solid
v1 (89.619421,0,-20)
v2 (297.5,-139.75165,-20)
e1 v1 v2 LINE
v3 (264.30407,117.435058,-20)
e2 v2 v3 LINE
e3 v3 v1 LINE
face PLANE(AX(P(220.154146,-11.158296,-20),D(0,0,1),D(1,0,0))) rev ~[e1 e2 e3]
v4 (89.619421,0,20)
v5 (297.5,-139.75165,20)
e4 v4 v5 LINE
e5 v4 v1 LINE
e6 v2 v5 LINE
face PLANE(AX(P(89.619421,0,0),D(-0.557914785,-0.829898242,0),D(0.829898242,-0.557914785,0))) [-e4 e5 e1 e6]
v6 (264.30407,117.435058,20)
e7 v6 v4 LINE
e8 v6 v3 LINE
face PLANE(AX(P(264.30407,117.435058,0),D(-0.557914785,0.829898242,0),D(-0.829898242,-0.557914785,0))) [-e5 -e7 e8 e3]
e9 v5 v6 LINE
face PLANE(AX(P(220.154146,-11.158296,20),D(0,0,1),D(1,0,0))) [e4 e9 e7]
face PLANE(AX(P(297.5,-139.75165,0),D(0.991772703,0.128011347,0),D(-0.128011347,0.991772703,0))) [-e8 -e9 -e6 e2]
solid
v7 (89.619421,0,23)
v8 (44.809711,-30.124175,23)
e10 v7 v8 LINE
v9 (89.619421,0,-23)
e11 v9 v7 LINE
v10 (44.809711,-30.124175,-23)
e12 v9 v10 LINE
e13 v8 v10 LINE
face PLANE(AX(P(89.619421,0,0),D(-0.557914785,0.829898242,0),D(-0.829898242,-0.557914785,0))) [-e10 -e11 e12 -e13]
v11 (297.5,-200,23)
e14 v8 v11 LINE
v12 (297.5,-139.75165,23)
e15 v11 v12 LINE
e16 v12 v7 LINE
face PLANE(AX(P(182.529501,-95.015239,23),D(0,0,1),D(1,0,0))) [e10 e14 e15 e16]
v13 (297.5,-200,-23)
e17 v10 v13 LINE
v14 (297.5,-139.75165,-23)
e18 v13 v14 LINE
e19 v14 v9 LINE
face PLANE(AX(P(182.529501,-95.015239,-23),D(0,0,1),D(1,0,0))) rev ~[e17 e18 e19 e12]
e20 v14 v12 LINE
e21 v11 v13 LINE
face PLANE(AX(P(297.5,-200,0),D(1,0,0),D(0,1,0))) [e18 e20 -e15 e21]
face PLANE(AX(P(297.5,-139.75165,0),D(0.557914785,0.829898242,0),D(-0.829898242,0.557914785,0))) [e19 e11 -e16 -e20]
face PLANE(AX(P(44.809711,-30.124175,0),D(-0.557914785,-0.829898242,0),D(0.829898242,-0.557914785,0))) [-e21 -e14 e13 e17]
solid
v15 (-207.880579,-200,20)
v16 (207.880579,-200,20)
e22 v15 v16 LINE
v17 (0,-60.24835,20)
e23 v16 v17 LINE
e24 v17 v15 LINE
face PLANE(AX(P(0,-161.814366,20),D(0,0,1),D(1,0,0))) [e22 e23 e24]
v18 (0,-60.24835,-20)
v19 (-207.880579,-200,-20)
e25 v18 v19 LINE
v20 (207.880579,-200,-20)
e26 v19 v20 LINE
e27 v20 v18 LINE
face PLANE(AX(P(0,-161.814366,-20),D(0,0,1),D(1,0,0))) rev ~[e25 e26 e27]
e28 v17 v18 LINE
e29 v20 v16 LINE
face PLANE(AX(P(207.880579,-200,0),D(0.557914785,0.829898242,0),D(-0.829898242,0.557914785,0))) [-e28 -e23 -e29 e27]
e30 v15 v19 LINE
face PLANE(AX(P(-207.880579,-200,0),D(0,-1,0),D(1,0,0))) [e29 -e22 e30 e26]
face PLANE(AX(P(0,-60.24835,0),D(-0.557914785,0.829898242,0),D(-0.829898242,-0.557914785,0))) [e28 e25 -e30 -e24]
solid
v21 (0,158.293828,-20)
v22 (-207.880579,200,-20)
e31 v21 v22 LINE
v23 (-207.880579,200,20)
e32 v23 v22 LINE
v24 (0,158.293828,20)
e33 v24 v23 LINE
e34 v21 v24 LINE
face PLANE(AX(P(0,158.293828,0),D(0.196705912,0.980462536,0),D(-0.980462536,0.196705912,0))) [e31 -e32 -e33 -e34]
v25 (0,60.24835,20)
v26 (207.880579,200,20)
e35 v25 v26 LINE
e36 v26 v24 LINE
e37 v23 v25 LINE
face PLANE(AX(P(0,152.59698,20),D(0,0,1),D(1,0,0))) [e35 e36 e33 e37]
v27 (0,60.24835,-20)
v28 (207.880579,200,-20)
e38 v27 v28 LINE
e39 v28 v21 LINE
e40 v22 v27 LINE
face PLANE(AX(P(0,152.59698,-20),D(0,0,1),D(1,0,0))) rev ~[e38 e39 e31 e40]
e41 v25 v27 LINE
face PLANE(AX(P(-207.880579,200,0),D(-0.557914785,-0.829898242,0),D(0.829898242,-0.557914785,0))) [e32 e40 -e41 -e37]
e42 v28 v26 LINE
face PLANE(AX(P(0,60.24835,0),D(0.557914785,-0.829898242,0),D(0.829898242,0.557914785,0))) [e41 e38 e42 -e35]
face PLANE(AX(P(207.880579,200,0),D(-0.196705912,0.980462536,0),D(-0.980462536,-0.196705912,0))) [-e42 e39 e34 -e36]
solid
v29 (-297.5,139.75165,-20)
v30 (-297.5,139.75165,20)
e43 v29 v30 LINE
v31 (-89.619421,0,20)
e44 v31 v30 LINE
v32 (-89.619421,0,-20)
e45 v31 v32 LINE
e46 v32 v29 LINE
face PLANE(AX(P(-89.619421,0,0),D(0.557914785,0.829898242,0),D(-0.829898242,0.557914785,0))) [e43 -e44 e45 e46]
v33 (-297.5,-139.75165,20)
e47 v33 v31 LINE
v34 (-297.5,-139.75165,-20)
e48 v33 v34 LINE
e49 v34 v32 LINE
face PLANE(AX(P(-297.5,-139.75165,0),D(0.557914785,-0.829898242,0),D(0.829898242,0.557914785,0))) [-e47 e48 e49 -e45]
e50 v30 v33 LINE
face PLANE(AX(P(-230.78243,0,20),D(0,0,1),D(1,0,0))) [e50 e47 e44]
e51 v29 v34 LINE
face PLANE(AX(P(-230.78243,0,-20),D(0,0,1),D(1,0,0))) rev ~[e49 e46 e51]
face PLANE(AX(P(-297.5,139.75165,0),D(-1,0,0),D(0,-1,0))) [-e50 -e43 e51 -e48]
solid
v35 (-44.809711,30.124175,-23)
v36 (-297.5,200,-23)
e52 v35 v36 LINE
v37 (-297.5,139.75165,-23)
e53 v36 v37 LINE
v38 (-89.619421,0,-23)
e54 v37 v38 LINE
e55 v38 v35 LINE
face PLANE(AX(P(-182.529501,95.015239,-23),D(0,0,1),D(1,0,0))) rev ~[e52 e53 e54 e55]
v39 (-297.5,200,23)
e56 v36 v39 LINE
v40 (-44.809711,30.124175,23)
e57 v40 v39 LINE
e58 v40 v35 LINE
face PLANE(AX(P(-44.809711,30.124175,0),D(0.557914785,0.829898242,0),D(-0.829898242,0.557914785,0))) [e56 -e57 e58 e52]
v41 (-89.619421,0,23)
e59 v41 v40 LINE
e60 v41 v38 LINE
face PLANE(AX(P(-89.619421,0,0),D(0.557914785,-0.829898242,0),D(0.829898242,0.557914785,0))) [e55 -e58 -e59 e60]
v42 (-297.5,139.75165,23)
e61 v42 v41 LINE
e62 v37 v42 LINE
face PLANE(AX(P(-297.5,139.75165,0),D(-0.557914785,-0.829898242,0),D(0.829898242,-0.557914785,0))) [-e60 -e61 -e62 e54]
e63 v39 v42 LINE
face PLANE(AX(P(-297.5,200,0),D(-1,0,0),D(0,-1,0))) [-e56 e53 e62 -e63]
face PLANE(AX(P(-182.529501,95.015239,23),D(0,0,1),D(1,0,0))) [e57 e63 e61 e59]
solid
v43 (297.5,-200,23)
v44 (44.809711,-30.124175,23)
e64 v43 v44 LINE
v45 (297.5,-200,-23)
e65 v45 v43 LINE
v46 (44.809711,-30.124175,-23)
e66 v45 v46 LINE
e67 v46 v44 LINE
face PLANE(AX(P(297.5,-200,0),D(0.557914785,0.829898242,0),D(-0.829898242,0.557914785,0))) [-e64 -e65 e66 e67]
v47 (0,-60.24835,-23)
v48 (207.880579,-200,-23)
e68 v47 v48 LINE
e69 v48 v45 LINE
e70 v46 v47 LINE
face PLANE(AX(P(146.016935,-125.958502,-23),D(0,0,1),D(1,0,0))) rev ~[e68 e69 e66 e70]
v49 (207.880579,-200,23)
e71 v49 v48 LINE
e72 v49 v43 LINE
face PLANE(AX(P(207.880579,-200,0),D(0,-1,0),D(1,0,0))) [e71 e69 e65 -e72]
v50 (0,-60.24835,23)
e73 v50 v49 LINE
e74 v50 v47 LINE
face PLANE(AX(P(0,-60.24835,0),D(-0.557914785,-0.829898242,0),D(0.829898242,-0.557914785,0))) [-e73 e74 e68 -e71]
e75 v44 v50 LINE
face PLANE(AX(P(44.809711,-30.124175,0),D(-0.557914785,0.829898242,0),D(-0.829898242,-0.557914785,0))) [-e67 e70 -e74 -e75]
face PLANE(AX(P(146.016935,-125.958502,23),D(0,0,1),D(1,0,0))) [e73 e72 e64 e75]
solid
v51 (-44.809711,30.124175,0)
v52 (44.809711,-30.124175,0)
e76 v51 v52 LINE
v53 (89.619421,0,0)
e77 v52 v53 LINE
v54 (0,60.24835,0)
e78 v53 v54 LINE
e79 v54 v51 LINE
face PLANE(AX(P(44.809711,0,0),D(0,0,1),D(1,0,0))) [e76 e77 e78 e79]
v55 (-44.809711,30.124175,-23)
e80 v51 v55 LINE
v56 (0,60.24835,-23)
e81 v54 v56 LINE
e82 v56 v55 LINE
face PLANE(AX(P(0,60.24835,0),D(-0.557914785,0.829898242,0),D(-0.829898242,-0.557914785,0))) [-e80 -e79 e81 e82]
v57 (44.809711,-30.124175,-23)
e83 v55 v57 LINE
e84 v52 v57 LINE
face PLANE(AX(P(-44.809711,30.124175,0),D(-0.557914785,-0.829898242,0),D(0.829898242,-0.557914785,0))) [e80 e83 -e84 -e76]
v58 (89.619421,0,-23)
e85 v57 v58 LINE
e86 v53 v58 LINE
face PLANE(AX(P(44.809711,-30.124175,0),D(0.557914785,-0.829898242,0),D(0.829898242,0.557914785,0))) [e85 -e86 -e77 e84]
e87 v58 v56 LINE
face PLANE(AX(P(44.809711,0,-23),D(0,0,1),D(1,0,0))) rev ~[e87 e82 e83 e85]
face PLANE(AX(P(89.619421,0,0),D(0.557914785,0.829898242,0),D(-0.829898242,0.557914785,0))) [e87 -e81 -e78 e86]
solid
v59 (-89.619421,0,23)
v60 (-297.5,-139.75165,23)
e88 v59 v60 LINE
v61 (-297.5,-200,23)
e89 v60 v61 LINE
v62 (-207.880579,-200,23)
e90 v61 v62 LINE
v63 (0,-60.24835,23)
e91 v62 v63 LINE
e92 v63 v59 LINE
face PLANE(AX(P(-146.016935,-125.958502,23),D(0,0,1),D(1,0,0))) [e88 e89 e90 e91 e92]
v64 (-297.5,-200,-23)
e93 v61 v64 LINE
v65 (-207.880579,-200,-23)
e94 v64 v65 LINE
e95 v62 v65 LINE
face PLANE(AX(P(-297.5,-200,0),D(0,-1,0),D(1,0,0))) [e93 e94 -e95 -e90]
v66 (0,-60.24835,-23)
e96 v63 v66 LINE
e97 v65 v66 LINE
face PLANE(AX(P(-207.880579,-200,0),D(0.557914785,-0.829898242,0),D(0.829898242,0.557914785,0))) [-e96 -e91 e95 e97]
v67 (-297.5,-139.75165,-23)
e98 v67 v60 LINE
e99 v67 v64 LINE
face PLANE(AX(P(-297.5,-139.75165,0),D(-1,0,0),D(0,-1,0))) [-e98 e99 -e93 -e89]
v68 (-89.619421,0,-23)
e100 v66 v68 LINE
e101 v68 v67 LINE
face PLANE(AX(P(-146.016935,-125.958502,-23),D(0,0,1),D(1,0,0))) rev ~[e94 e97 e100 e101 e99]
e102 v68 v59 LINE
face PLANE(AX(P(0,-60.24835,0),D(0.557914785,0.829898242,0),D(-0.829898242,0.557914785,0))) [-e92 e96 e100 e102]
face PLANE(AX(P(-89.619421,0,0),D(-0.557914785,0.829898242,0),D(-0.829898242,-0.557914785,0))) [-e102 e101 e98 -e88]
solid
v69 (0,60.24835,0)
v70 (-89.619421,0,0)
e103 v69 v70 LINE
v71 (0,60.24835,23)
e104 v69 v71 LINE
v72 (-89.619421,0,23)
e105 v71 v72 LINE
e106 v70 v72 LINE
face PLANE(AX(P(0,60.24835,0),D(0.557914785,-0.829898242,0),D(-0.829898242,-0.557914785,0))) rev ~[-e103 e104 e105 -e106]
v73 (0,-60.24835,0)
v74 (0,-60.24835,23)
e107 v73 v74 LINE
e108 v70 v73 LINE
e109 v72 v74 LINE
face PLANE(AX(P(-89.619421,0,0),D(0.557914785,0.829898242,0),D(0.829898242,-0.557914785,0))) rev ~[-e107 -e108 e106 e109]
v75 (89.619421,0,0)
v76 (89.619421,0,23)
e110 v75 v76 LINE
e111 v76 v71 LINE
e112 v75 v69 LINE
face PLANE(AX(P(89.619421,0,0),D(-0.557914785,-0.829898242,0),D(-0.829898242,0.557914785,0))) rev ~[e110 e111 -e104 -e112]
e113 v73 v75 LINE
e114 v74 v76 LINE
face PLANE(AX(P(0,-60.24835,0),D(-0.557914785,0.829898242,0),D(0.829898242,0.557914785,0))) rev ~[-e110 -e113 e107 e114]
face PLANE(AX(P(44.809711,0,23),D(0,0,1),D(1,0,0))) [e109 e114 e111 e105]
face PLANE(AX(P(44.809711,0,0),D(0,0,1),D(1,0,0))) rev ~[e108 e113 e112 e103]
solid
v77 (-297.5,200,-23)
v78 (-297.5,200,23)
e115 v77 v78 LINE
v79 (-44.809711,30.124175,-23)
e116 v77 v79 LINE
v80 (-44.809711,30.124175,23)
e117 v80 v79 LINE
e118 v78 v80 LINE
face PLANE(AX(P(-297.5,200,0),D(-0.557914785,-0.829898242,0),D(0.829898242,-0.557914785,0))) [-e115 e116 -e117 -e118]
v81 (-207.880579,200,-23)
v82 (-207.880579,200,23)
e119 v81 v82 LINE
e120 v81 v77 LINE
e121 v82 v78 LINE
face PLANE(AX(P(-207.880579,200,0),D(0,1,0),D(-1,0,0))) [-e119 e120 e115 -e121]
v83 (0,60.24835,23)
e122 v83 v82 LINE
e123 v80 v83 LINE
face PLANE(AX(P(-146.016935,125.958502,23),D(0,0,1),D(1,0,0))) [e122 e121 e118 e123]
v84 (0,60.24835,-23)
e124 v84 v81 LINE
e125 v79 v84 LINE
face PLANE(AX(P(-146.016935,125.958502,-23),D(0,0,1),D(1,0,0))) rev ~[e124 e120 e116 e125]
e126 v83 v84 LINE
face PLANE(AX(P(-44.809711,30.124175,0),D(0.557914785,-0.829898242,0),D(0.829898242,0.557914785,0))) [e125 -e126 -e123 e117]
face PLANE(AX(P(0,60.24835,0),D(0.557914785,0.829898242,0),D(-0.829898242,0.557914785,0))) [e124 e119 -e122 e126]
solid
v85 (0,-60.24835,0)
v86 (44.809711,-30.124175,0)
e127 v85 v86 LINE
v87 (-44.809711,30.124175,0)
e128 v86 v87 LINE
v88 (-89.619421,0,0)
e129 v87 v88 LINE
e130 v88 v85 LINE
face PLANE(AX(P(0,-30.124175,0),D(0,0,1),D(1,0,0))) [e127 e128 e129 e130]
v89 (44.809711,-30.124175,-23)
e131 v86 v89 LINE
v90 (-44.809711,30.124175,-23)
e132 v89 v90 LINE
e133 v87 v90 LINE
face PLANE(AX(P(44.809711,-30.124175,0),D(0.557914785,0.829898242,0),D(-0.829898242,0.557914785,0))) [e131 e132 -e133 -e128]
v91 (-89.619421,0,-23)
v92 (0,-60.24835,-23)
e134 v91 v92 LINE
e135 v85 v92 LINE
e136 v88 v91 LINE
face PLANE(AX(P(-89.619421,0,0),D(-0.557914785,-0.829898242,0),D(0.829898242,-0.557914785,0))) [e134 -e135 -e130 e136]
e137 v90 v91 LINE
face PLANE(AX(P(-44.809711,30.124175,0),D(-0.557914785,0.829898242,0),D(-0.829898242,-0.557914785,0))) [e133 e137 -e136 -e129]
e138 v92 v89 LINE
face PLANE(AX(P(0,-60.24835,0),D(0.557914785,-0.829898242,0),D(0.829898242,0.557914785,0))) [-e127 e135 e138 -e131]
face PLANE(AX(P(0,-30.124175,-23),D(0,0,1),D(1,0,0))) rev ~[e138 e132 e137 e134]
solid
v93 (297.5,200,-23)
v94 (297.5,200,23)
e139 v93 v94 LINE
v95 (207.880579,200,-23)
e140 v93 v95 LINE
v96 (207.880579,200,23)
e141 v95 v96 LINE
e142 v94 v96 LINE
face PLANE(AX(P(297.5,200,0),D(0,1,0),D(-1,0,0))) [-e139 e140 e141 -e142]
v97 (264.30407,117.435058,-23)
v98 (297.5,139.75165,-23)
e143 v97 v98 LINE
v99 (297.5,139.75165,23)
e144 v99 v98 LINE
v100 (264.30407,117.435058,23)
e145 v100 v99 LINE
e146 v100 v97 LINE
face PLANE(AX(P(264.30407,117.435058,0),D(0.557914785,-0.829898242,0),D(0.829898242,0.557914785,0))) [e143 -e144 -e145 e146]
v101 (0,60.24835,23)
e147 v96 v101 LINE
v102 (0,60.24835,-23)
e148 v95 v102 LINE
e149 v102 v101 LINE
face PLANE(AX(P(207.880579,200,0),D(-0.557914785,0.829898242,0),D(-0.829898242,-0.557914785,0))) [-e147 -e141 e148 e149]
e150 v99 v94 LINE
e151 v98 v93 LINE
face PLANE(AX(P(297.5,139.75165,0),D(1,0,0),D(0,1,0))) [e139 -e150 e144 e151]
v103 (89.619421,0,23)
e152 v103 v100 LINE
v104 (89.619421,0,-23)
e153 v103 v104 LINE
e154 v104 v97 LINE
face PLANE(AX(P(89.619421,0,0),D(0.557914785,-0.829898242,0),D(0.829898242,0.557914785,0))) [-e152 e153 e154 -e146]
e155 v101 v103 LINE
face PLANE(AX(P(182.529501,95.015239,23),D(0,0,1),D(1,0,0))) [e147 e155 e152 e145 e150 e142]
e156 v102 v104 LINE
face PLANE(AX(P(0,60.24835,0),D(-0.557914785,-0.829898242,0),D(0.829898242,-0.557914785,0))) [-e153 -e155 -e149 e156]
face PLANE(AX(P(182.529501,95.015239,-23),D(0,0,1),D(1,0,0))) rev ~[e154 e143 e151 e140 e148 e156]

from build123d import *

# Parameters (mm, degrees)
F1_DEPTH = 23
F2_DEPTH = 23
F3_DEPTH = 23
F4_DEPTH = 23
F5_DEPTH = 23
F6_DEPTH = 23
F7_DEPTH = 20


with BuildPart() as f1:
    # F0 (on Top) → F1 (new body, symmetric)
    with BuildSketch(Plane.XY):
        Polygon((207.8805789742, -200), (297.5, -200), (44.8097105129, -30.1241751347), (0, -60.2483502694), align=None)
    extrude(amount=F1_DEPTH, both=True)


with BuildPart() as f1b:
    # F0 (on Top) → F1, piece 2 (new body, symmetric)
    with BuildSketch(Plane.XY):
        Polygon((-44.8097105129, 30.1241751347), (-297.5, 200), (-297.5, 139.7516497306), (-89.6194210258, 0), align=None)
    extrude(amount=F1_DEPTH, both=True)


with BuildPart() as f2:
    # F0 (on Top) → F2 (new body)
    with BuildSketch(Plane.XY):
        Polygon((44.8097105129, -30.1241751347), (0, 0), (-44.8097105129, -30.1241751347), (0, -60.2483502694), align=None)
        Polygon((-44.8097105129, -30.1241751347), (0, 0), (-44.8097105129, 30.1241751347), (-89.6194210258, 0), align=None)
    extrude(amount=-F2_DEPTH)


with BuildPart() as f3:
    # F0 (on Top) → F3 (new body, symmetric)
    with BuildSketch(Plane.XY):
        Polygon((0, 60.2483502694), (-207.8805789742, 200), (-297.5, 200), (-44.8097105129, 30.1241751347), align=None)
    extrude(amount=F3_DEPTH, both=True)


with BuildPart() as f3b:
    # F0 (on Top) → F3, piece 2 (new body, symmetric)
    with BuildSketch(Plane.XY):
        Polygon((297.5, -200), (297.5, -139.7516497306), (89.6194210258, 0), (44.8097105129, -30.1241751347), align=None)
    extrude(amount=F3_DEPTH, both=True)


with BuildPart() as f4:
    # F0 (on Top) → F4 (new body)
    with BuildSketch(Plane.XY):
        Polygon((89.6194210258, 0), (44.8097105129, 30.1241751347), (0, 0), (44.8097105129, -30.1241751347), align=None)
        Polygon((0, 0), (44.8097105129, 30.1241751347), (0, 60.2483502694), (-44.8097105129, 30.1241751347), align=None)
    extrude(amount=-F4_DEPTH)


with BuildPart() as f5:
    # F0 (on Top) → F5 (new body, symmetric)
    with BuildSketch(Plane.XY):
        Polygon((0, -60.2483502694), (-44.8097105129, -30.1241751347), (-297.5, -200), (-207.8805789742, -200), align=None)
        Polygon((-297.5, -200), (-44.8097105129, -30.1241751347), (-89.6194210258, 0), (-297.5, -139.7516497306), align=None)
    extrude(amount=F5_DEPTH, both=True)


with BuildPart() as f5b:
    # F0 (on Top) → F5, piece 2 (new body, symmetric)
    with BuildSketch(Plane.XY):
        Polygon((297.5, 139.7516497306), (297.5, 200), (44.8097105129, 30.1241751347), (89.6194210258, 0), (264.3040703014, 117.4350583365), align=None)
        Polygon((44.8097105129, 30.1241751347), (297.5, 200), (207.8805789742, 200), (0, 60.2483502694), align=None)
    extrude(amount=F5_DEPTH, both=True)


with BuildPart() as f6:
    # F0 (on Top) → F6 (new body)
    with BuildSketch(Plane.XY):
        Polygon((89.6194210258, 0), (44.8097105129, 30.1241751347), (0, 0), (44.8097105129, -30.1241751347), align=None)
        Polygon((0, 0), (44.8097105129, 30.1241751347), (0, 60.2483502694), (-44.8097105129, 30.1241751347), align=None)
        Polygon((-44.8097105129, -30.1241751347), (0, 0), (-44.8097105129, 30.1241751347), (-89.6194210258, 0), align=None)
        Polygon((44.8097105129, -30.1241751347), (0, 0), (-44.8097105129, -30.1241751347), (0, -60.2483502694), align=None)
    extrude(amount=F6_DEPTH)


with BuildPart() as f7:
    # F0 (on Top) → F7 (new body, symmetric)
    with BuildSketch(Plane.XY):
        Polygon((-89.6194210258, 0), (-297.5, 139.7516497306), (-297.5, -139.7516497306), align=None)
    extrude(amount=F7_DEPTH, both=True)


with BuildPart() as f7b:
    # F0 (on Top) → F7, piece 2 (new body, symmetric)
    with BuildSketch(Plane.XY):
        Polygon((-207.8805789742, -200), (207.8805789742, -200), (0, -60.2483502694), align=None)
    extrude(amount=F7_DEPTH, both=True)


with BuildPart() as f7c:
    # F0 (on Top) → F7, piece 3 (new body, symmetric)
    with BuildSketch(Plane.XY):
        Polygon((89.6194210258, 0), (297.5, -139.7516497306), (264.3040703014, 117.4350583365), align=None)
    extrude(amount=F7_DEPTH, both=True)


with BuildPart() as f7d:
    # F0 (on Top) → F7, piece 4 (new body, symmetric)
    with BuildSketch(Plane.XY):
        Polygon((0, 60.2483502694), (207.8805789742, 200), (0, 158.2938283682), (-207.8805789742, 200), align=None)
    extrude(amount=F7_DEPTH, both=True)


solid = Compound([f1.part, f1b.part, f2.part, f3.part, f3b.part, f4.part, f5.part, f5b.part, f6.part, f7.part, f7b.part, f7c.part, f7d.part])
